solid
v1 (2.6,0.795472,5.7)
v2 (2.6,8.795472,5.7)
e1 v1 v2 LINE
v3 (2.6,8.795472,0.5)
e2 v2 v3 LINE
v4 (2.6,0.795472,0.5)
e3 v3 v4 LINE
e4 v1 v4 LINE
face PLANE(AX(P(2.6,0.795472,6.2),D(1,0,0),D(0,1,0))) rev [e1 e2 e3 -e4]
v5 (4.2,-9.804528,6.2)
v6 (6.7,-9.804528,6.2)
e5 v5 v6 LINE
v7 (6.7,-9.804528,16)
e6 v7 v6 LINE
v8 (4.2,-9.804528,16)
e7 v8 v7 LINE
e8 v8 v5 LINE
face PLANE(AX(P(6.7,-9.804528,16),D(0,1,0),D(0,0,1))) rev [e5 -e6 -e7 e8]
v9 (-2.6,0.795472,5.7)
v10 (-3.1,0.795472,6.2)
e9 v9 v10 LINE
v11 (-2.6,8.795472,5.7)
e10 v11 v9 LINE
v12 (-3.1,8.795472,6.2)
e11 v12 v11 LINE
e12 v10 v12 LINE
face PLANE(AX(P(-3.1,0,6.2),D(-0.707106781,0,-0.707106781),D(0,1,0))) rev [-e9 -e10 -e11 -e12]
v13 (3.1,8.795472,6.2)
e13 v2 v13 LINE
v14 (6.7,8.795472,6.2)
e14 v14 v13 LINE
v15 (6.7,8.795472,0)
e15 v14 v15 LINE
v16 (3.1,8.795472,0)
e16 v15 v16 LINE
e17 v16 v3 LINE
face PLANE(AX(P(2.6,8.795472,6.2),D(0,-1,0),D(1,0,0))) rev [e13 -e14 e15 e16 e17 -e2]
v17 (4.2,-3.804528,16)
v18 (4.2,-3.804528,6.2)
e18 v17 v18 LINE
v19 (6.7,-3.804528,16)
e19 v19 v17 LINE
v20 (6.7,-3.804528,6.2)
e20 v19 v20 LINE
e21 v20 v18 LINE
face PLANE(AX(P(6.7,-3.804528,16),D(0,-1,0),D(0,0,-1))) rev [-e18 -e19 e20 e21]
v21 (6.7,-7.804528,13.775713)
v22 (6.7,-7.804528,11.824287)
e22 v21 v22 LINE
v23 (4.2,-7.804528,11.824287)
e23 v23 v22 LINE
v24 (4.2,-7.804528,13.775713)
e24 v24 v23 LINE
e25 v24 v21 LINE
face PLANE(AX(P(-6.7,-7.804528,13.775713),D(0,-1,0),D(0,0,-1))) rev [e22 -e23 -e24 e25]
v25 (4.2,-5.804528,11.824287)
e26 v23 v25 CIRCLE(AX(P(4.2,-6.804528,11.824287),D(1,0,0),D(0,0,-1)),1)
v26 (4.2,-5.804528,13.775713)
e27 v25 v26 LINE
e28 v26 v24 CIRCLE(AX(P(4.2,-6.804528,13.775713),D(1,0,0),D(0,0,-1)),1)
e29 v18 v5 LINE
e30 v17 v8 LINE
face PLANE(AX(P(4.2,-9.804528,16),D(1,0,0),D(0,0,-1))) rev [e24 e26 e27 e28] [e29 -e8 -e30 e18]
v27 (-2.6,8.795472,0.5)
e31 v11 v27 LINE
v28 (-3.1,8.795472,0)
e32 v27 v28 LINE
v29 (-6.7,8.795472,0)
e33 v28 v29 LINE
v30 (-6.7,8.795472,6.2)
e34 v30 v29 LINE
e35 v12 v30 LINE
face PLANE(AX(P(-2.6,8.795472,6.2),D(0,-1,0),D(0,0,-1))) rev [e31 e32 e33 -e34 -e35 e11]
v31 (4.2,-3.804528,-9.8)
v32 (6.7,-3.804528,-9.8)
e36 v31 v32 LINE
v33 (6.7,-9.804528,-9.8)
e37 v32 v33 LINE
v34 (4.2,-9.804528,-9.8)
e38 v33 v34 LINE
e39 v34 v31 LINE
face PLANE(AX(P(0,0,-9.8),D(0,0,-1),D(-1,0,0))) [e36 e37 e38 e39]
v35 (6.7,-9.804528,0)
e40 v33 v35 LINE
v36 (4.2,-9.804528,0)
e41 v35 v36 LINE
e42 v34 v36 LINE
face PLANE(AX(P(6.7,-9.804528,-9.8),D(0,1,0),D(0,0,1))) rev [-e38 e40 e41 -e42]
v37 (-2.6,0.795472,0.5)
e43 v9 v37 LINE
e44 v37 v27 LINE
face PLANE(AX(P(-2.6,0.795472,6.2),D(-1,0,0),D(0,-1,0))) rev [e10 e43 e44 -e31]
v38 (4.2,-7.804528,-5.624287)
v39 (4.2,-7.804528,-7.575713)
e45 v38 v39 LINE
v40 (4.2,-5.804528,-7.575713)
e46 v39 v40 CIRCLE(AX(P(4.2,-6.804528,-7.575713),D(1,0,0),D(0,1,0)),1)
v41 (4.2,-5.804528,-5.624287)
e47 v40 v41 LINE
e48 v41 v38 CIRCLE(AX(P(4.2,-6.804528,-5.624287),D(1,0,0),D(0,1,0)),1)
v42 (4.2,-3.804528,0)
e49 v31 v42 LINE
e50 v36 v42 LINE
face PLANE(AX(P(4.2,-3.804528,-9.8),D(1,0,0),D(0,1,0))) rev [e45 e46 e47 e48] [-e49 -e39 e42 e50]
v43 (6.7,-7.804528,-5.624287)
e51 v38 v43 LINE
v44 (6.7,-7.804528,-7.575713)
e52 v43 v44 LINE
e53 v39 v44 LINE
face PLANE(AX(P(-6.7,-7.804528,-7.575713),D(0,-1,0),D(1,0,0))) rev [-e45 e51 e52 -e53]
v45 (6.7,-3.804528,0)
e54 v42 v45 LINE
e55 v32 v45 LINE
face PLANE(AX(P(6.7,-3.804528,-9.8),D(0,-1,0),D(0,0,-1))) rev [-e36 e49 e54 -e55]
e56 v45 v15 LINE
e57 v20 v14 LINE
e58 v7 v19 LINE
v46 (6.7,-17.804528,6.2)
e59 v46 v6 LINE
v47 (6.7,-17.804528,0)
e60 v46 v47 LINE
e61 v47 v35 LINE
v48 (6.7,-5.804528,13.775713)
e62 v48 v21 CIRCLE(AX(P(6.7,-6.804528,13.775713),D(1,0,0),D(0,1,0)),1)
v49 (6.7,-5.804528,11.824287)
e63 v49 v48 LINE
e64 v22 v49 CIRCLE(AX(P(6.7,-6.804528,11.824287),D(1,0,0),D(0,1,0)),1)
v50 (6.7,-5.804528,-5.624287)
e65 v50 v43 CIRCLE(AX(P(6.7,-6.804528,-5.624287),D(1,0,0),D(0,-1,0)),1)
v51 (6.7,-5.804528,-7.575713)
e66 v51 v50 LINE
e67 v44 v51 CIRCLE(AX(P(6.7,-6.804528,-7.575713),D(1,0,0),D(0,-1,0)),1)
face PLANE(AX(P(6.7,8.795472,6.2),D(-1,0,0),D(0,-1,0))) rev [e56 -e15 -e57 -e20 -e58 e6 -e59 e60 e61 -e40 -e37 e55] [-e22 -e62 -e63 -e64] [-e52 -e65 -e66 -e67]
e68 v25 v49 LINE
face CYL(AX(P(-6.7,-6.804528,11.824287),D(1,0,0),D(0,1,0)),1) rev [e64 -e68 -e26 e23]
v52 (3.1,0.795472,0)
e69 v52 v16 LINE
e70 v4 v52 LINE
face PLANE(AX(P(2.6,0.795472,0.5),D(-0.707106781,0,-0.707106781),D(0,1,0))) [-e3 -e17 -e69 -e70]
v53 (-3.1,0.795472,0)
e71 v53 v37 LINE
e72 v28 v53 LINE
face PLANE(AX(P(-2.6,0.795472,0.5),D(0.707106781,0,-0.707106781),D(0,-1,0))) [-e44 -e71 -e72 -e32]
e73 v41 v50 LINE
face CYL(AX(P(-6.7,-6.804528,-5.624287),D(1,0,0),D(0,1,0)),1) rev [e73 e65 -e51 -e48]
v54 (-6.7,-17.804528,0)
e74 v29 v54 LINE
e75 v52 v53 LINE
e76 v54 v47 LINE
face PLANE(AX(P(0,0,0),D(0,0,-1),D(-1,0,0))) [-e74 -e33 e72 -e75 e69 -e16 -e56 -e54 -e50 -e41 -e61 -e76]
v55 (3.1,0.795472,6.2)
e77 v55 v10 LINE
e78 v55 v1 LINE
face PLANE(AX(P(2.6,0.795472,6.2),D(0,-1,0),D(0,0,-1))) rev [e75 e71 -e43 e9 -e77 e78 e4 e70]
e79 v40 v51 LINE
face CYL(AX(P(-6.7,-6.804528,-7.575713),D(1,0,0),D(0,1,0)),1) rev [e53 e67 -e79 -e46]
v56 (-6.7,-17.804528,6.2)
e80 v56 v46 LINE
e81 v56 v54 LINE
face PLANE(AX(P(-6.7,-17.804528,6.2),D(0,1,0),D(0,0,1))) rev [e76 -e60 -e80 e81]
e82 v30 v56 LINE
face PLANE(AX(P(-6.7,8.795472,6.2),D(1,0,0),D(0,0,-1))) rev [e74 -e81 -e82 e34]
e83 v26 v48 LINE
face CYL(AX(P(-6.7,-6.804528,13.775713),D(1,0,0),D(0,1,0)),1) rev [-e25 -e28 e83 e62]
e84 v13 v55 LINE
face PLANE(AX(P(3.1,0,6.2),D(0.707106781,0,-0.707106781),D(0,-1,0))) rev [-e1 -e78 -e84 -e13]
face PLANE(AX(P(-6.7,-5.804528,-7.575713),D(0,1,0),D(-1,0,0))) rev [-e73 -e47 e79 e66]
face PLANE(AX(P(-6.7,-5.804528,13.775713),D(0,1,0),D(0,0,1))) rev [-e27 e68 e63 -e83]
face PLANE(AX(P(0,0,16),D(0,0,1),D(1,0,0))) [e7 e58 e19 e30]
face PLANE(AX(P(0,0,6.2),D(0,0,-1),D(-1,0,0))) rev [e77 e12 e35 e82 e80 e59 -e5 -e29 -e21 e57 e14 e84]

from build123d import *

# Parameters (mm, degrees)
EXTRUDE_1_DEPTH     = 6.2
SKETCH_2_W          = 2.5
SKETCH_2_H          = 6
EXTRUDE_2_DEPTH     = 9.8
SKETCH_3_W          = 2.5
SKETCH_3_H          = 6
EXTRUDE_3_DEPTH     = 9.8
CUT_EXTRUDE_1_DEPTH = 28.432848917
CHAMFER_1_SIZE      = 0.5


with BuildPart() as part:
    # 草图1 → 凸台-拉伸1 (new body)
    with BuildSketch(Plane.XY):
        Polygon((2.6, 0.795472494), (-2.6, 0.795472494), (-2.6, 8.795472494), (-6.7, 8.795472494), (-6.7, -17.804527506), (6.7, -17.804527506), (6.7, 8.795472494), (2.6, 8.795472494), align=None)
    extrude(amount=EXTRUDE_1_DEPTH)

    # 草图2 → 凸台-拉伸2 (add)
    with BuildSketch(Plane.XY.offset(6.2)):
        with Locations((5.45, -6.804527506)):
            Rectangle(SKETCH_2_W, SKETCH_2_H)
    extrude(amount=EXTRUDE_2_DEPTH)

    # 草图3 → 凸台-拉伸3 (add)
    with BuildSketch(Plane(origin=(0, 0, 0), x_dir=(-1, 0, 0), z_dir=(0, 0, -1))):
        with Locations((-5.45, -6.804527506)):
            Rectangle(SKETCH_3_W, SKETCH_3_H)
    extrude(amount=EXTRUDE_3_DEPTH)

    # 草图5 → 切除-拉伸1 (cut, through all)
    with BuildSketch(Plane(origin=(6.7, 0, 0), x_dir=(0, 0, -1), z_dir=(1, 0, 0))):
        with BuildLine():
            Line((-13.775713177, -5.804527506), (-11.824286823, -5.804527506))
            ThreePointArc((-11.824286823, -5.804527506), (-10.824286823, -6.804527506), (-11.824286823, -7.804527506))
            Line((-11.824286823, -7.804527506), (-13.775713177, -7.804527506))
            ThreePointArc((-13.775713177, -7.804527506), (-14.775713177, -6.804527506), (-13.775713177, -5.804527506))
        make_face()
        with BuildLine():
            Line((7.575713177, -5.804527506), (5.624286823, -5.804527506))
            ThreePointArc((5.624286823, -5.804527506), (4.624286823, -6.804527506), (5.624286823, -7.804527506))
            Line((5.624286823, -7.804527506), (7.575713177, -7.804527506))
            ThreePointArc((7.575713177, -7.804527506), (8.575713177, -6.804527506), (7.575713177, -5.804527506))
        make_face()
    extrude(amount=-CUT_EXTRUDE_1_DEPTH, mode=Mode.SUBTRACT)

    # 倒角1
    chamfer_1_edges = [part.edges().sort_by_distance(p)[0] for p in [
        (-2.6, 4.795472494, 0),
        (2.6, 4.795472494, 0),
        (-2.6, 4.795472494, 6.2),
        (2.6, 4.795472494, 6.2),
    ]]
    chamfer(chamfer_1_edges, length=CHAMFER_1_SIZE)


solid = part.part
